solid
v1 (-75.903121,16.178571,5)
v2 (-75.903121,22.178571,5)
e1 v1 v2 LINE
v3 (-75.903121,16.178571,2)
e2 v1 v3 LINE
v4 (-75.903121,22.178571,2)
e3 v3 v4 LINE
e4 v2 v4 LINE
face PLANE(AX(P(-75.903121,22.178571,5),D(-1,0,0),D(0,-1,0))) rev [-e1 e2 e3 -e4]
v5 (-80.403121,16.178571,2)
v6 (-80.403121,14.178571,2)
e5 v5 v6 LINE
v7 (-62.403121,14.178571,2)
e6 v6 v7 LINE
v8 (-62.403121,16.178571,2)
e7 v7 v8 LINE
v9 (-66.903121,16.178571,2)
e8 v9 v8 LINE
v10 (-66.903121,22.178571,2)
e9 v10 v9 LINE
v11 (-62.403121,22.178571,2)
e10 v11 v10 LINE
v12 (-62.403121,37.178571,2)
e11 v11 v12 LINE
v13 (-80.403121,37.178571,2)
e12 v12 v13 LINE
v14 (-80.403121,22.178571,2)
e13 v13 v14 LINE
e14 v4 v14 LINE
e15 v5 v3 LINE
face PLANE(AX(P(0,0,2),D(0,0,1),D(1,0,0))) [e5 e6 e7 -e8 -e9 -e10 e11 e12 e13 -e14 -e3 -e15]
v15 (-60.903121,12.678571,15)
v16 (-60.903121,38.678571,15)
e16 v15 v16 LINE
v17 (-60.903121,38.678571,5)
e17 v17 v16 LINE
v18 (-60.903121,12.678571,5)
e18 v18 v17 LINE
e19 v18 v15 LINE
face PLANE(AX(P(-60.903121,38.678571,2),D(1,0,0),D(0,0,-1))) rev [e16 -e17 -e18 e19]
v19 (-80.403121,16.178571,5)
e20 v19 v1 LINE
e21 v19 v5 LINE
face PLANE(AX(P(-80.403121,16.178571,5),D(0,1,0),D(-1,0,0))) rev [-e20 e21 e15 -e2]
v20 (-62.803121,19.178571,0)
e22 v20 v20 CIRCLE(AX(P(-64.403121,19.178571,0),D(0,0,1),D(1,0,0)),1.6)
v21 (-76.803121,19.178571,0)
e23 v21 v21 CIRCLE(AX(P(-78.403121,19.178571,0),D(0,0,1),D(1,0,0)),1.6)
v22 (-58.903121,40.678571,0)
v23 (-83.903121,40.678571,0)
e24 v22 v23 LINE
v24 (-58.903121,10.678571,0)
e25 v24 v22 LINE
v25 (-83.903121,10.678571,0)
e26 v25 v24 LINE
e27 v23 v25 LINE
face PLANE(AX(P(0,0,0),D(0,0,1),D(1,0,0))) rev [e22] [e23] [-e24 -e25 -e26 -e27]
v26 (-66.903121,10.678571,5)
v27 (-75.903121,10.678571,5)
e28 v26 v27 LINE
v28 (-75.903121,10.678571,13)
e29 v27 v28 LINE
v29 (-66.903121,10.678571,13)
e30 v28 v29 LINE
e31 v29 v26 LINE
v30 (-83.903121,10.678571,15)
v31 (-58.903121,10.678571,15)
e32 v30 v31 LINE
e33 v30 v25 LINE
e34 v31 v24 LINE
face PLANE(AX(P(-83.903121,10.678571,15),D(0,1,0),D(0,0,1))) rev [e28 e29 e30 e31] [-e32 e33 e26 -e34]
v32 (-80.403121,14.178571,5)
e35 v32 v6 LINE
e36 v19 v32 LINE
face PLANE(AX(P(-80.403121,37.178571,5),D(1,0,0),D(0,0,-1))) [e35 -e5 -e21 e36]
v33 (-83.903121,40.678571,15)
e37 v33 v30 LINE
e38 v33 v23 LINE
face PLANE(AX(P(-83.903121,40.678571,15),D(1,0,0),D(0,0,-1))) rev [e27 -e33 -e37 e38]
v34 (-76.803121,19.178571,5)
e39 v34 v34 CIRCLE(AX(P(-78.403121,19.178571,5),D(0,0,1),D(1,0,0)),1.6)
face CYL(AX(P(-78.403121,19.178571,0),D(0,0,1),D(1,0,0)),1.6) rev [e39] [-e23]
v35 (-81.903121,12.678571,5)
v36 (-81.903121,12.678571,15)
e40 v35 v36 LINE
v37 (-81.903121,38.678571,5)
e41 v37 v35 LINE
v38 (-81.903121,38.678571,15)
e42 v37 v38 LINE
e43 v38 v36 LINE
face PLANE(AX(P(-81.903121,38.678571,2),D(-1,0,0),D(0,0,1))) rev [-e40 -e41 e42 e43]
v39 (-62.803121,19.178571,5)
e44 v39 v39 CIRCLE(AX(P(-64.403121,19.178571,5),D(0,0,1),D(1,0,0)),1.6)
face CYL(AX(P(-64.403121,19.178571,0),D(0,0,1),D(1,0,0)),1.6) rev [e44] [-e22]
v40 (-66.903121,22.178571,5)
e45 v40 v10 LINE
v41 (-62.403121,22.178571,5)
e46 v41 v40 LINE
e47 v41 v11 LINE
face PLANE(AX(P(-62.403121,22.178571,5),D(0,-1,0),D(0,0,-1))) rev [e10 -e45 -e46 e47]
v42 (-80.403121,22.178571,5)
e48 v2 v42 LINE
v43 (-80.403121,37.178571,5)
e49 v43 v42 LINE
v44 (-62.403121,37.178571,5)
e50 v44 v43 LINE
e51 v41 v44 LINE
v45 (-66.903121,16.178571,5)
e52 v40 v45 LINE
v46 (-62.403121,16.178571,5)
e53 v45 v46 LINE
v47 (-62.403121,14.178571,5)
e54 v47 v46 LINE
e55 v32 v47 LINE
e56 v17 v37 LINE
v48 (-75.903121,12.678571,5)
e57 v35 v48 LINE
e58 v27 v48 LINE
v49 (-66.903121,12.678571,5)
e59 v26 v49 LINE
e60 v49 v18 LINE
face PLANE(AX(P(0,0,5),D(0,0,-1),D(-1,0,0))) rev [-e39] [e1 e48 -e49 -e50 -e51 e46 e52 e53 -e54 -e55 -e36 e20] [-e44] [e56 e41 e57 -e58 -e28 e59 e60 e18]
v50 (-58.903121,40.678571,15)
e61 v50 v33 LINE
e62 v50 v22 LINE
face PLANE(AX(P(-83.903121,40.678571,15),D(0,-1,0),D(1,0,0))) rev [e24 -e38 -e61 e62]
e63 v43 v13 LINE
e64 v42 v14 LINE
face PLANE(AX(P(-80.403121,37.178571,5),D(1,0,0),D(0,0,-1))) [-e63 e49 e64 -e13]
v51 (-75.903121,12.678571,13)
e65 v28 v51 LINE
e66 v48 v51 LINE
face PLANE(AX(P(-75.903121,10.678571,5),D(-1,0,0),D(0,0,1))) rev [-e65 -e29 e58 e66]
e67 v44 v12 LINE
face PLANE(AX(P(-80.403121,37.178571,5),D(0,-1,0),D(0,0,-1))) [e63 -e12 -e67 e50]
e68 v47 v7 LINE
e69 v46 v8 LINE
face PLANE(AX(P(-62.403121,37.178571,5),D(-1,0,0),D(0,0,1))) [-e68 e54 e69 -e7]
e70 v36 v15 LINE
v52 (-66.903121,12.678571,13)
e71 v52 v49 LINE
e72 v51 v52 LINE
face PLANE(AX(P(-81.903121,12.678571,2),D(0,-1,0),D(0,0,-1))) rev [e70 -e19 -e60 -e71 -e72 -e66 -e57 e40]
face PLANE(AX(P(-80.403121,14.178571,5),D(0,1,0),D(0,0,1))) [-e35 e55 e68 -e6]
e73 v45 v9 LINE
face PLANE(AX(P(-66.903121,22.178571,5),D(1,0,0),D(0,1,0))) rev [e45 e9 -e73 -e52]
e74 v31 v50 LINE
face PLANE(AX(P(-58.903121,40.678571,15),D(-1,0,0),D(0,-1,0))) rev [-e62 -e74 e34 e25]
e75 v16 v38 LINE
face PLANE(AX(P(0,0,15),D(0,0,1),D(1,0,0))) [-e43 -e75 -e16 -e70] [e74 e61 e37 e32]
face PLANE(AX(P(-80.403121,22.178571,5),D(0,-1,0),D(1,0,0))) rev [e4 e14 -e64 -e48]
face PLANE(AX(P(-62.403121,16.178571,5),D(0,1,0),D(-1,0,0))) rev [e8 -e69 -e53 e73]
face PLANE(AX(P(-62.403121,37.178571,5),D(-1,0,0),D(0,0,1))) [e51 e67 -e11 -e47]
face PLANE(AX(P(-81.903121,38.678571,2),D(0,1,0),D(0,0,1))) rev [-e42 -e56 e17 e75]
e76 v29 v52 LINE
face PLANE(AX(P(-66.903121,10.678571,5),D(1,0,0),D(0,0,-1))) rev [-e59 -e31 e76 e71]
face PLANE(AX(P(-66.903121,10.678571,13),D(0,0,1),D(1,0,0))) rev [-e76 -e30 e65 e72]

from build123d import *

# Parameters (mm, degrees)
SKETCH_1_W          = 25
SKETCH_1_H          = 30
EXTRUDE_1_DEPTH     = 15
SKETCH_2_W          = 21
SKETCH_2_H          = 26
CUT_EXTRUDE_1_DEPTH = 13
SKETCH_3_W          = 21
SKETCH_3_H          = 26
SKETCH_3_W_2        = 18
SKETCH_3_H_2        = 23
EXTRUDE_2_DEPTH     = 3
SKETCH_5_W          = 4.5
SKETCH_5_H          = 6
EXTRUDE_3_DEPTH     = 3
SKETCH_6_R          = 1.6
CUT_EXTRUDE_2_DEPTH = 6
SKETCH_7_W          = 9
SKETCH_7_H          = 8
CUT_EXTRUDE_3_DEPTH = 3


with BuildPart() as part:
    # ｽｹｯﾁ1 → ﾎﾞｽ - 押し出し1 (new body)
    with BuildSketch(Plane.XY):
        with Locations((-71.40312059, 25.678571429)):
            Rectangle(SKETCH_1_W, SKETCH_1_H)
    extrude(amount=EXTRUDE_1_DEPTH)

    # ｽｹｯﾁ2 → ｶｯﾄ - 押し出し1 (cut)
    with BuildSketch(Plane.XY.offset(15)):
        with Locations((-71.40312059, 25.678571429)):
            Rectangle(SKETCH_2_W, SKETCH_2_H)
    extrude(amount=-CUT_EXTRUDE_1_DEPTH, mode=Mode.SUBTRACT)

    # ｽｹｯﾁ3 → ﾎﾞｽ - 押し出し2 (add)
    with BuildSketch(Plane.XY.offset(2)):
        with Locations((-71.40312059, 25.678571429)):
            Rectangle(SKETCH_3_W, SKETCH_3_H)
        with Locations((-71.40312059, 25.678571429)):
            Rectangle(SKETCH_3_W_2, SKETCH_3_H_2, mode=Mode.SUBTRACT)
    extrude(amount=EXTRUDE_2_DEPTH)

    # ｽｹｯﾁ5 → ﾎﾞｽ - 押し出し3 (add)
    with BuildSketch(Plane.XY.offset(2)):
        with Locations((-64.65312059, 19.178571429)):
            Rectangle(SKETCH_5_W, SKETCH_5_H)
        with Locations((-78.15312059, 19.178571429)):
            Rectangle(SKETCH_5_W, SKETCH_5_H)
    extrude(amount=EXTRUDE_3_DEPTH)

    # ｽｹｯﾁ6 → ｶｯﾄ - 押し出し2 (cut, through all)
    with BuildSketch(Plane.XY.offset(5)):
        with Locations((-64.40312059, 19.178571429)):
            Circle(SKETCH_6_R)
        with Locations((-78.40312059, 19.178571429)):
            Circle(SKETCH_6_R)
    extrude(amount=-CUT_EXTRUDE_2_DEPTH, mode=Mode.SUBTRACT)

    # ｽｹｯﾁ7 → ｶｯﾄ - 押し出し3 (cut, through all)
    with BuildSketch(Plane(origin=(0, 12.678571429, 0), x_dir=(1, 0, 0), z_dir=(0, 1, 0))):
        with Locations((-71.40312059, -9)):
            Rectangle(SKETCH_7_W, SKETCH_7_H)
    extrude(amount=-CUT_EXTRUDE_3_DEPTH, mode=Mode.SUBTRACT)


solid = part.part
